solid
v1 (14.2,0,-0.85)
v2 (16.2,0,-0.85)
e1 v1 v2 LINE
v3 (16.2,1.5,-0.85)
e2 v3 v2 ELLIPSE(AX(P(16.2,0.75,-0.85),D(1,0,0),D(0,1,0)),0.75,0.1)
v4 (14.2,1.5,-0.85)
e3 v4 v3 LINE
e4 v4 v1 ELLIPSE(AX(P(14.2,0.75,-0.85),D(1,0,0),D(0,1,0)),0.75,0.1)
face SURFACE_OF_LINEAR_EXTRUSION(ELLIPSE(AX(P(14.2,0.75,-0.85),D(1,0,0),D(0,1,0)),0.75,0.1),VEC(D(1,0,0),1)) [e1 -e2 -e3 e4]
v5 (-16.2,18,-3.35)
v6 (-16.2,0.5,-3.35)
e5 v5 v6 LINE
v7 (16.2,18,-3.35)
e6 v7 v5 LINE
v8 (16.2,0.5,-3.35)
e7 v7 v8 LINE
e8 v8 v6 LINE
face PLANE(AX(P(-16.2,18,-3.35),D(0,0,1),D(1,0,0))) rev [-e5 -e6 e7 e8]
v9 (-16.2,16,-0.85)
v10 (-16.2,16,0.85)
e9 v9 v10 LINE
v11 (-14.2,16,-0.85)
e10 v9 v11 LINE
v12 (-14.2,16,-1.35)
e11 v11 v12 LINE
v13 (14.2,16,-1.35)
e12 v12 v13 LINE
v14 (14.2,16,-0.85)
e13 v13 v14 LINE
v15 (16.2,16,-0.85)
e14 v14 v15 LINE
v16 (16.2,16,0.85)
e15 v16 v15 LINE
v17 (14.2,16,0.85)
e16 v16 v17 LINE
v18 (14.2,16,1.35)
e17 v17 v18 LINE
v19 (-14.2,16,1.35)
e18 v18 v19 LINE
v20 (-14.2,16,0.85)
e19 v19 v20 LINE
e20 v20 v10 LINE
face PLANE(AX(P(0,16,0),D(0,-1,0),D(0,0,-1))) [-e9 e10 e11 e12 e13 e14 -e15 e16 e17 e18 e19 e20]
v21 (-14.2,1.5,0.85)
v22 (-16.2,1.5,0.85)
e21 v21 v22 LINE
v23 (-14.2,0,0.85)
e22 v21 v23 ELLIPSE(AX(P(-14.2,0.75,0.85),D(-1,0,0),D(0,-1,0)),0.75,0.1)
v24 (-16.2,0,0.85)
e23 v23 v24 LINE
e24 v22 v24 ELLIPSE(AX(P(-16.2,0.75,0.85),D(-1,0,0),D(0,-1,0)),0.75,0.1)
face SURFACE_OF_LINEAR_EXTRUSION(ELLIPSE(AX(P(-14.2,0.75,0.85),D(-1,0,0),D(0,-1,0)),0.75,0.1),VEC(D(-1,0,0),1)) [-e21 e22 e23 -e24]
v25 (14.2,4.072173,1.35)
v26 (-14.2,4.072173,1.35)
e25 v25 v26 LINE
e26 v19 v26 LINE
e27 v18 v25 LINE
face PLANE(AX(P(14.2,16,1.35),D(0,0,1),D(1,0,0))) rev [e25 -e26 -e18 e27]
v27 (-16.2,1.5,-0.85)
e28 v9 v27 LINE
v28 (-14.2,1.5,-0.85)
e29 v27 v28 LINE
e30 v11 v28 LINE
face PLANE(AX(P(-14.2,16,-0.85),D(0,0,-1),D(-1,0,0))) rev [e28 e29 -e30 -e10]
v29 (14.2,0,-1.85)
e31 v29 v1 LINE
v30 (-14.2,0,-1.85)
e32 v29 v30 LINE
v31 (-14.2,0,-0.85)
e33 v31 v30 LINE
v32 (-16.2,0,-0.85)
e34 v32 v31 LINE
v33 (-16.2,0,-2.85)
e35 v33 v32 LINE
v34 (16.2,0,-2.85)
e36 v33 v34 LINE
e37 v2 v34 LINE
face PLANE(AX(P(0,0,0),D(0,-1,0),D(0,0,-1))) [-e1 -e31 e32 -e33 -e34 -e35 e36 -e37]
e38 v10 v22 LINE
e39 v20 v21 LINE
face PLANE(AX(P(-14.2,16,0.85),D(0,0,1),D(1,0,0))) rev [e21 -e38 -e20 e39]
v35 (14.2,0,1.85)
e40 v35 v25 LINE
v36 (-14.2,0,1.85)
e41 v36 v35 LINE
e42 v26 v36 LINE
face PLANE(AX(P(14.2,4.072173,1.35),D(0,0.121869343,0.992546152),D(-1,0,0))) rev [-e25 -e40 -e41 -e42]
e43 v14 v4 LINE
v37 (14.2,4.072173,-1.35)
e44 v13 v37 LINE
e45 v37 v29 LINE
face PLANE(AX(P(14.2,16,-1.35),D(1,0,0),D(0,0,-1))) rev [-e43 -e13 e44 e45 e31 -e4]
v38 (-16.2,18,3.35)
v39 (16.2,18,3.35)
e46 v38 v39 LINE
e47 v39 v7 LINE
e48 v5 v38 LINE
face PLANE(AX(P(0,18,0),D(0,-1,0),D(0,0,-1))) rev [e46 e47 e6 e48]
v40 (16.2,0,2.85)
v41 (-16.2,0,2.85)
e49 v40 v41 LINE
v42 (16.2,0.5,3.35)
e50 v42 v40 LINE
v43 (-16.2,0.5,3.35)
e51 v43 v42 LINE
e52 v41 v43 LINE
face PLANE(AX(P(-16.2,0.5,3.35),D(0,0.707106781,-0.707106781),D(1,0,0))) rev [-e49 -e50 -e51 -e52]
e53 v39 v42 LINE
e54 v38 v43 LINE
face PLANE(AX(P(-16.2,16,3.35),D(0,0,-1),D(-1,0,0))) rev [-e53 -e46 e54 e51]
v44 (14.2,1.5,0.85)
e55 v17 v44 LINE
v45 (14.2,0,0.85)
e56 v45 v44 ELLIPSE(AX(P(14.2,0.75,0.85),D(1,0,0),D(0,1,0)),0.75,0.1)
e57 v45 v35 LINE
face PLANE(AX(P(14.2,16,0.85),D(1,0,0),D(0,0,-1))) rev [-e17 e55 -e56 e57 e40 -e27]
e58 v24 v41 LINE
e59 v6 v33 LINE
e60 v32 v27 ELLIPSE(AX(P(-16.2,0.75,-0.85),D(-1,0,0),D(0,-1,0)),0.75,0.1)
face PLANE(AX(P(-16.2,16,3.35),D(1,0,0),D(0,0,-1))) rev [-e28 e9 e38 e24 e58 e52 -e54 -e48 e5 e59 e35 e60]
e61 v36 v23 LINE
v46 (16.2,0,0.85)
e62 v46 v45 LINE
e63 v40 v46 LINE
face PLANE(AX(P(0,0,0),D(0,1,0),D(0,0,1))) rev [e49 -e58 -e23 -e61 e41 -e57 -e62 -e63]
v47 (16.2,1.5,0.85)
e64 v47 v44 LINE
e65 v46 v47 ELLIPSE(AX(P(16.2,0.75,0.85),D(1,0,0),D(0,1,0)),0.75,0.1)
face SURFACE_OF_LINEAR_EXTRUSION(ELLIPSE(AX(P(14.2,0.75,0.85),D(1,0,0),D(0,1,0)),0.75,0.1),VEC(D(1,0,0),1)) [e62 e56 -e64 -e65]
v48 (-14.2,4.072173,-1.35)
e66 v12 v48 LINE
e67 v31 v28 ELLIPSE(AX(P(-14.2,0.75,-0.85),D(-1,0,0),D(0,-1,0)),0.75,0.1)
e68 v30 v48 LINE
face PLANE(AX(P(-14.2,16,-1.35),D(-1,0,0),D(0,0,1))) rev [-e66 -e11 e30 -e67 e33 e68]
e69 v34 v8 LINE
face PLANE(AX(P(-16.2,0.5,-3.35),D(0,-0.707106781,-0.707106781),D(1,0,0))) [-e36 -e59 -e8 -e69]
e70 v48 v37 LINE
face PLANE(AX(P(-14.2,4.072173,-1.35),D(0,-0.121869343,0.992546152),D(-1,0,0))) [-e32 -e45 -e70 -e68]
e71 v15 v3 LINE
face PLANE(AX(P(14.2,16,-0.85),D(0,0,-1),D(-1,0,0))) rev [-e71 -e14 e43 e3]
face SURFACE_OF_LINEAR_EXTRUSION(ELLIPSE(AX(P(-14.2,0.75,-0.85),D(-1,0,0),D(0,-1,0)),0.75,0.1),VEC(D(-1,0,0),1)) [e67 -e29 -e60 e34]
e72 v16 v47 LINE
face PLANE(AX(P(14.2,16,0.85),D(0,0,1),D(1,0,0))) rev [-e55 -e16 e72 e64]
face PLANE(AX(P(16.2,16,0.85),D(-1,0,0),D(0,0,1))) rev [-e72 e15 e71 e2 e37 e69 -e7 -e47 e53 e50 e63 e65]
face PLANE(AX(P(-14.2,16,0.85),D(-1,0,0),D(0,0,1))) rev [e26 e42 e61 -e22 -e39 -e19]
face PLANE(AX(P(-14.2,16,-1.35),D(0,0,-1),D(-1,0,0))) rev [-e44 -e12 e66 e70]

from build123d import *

# Parameters (mm, degrees)
BOSS_EXTRUDE1_DEPTH   = 16
BOSS_EXTRUDE1_2_DEPTH = 16
SKETCH2_W             = 32.4
SKETCH2_H             = 6.7
BOSS_EXTRUDE2_DEPTH   = 2
CHAMFER1_SIZE         = 0.5
CHAMFER1_SIZE2        = 4.072173214
CHAMFER1_PART_2_SIZE  = 0.5
CHAMFER1_PART_2_SIZE2 = 4.072173214
CHAMFER4_SIZE         = 0.5
SKETCH4_RX            = 0.75
SKETCH4_RY            = 0.1
BOSS_EXTRUDE3_DEPTH   = 2
SKETCH5_RX            = 0.75
SKETCH5_RY            = 0.1
BOSS_EXTRUDE4_DEPTH   = 2


with BuildPart() as part:
    # Sketch1 → Boss-Extrude1 (new body)
    with BuildSketch(Plane(origin=(0, 0, 0), x_dir=(1, 0, 0), z_dir=(0, 1, 0))):
        Polygon((-14.2, 0.85), (-16.2, 0.85), (-16.2, 3.35), (16.2, 3.35), (16.2, 0.85), (14.2, 0.85), (14.2, 1.35), (-14.2, 1.35), align=None)
    extrude(amount=BOSS_EXTRUDE1_DEPTH)



with BuildPart() as body_2:
    # Sketch1 → Boss-Extrude1 2 (new body)
    with BuildSketch(Plane(origin=(0, 0, 0), x_dir=(1, 0, 0), z_dir=(0, 1, 0))):
        Polygon((-16.2, -3.35), (16.2, -3.35), (16.2, -0.85), (14.2, -0.85), (14.2, -1.35), (-14.2, -1.35), (-14.2, -0.85), (-16.2, -0.85), align=None)
    extrude(amount=BOSS_EXTRUDE1_2_DEPTH)


with BuildPart() as part_1:
    add(part.part)

    add(body_2.part)  # Boss-Extrude2 merges body 2
    # Sketch2 → Boss-Extrude2 (add)
    with BuildSketch(Plane(origin=(0, 16, 0), x_dir=(1, 0, 0), z_dir=(0, 1, 0))):
        Rectangle(SKETCH2_W, SKETCH2_H)
    extrude(amount=BOSS_EXTRUDE2_DEPTH)

    # Chamfer1
    chamfer1_edges = [part_1.edges().sort_by_distance(p)[0] for p in [
        (0, 0, 1.35),
    ]]
    chamfer1_side = [part_1.faces().sort_by_distance(p)[0] for p in [
        (0, 0, 2.31257485),
    ]]
    chamfer(chamfer1_edges, length=CHAMFER1_SIZE, length2=CHAMFER1_SIZE2, reference=chamfer1_side[0])

    # Chamfer1 part 2
    chamfer1_part_2_edges = [part_1.edges().sort_by_distance(p)[0] for p in [
        (0, 0, -1.35),
    ]]
    chamfer1_part_2_side = [part_1.faces().sort_by_distance(p)[0] for p in [
        (0, 0, -2.31257485),
    ]]
    chamfer(chamfer1_part_2_edges, length=CHAMFER1_PART_2_SIZE, length2=CHAMFER1_PART_2_SIZE2, reference=chamfer1_part_2_side[0])

    # Chamfer4
    chamfer4_edges = [part_1.edges().sort_by_distance(p)[0] for p in [
        (0, 0, -3.35),
        (0, 0, 3.35),
    ]]
    chamfer(chamfer4_edges, length=CHAMFER4_SIZE)

    # Sketch4 → Boss-Extrude3 (add)
    with BuildSketch(Plane(origin=(16.2, 0, 0), x_dir=(0, 0, -1), z_dir=(1, 0, 0))):
        with Locations(Location((-0.85, 0.75), (0, 0, 90))):
            Ellipse(SKETCH4_RX, SKETCH4_RY)
        with Locations(Location((0.85, 0.75), (0, 0, 90))):
            Ellipse(SKETCH4_RX, SKETCH4_RY)
    extrude(amount=-BOSS_EXTRUDE3_DEPTH)

    # Sketch5 → Boss-Extrude4 (add)
    with BuildSketch(Plane.ZY.offset(16.2)):
        with Locations(Location((-0.85, 0.75), (0, 0, -90))):
            Ellipse(SKETCH5_RX, SKETCH5_RY)
        with Locations(Location((0.85, 0.75), (0, 0, -90))):
            Ellipse(SKETCH5_RX, SKETCH5_RY)
    extrude(amount=-BOSS_EXTRUDE4_DEPTH)


solid = part_1.part
